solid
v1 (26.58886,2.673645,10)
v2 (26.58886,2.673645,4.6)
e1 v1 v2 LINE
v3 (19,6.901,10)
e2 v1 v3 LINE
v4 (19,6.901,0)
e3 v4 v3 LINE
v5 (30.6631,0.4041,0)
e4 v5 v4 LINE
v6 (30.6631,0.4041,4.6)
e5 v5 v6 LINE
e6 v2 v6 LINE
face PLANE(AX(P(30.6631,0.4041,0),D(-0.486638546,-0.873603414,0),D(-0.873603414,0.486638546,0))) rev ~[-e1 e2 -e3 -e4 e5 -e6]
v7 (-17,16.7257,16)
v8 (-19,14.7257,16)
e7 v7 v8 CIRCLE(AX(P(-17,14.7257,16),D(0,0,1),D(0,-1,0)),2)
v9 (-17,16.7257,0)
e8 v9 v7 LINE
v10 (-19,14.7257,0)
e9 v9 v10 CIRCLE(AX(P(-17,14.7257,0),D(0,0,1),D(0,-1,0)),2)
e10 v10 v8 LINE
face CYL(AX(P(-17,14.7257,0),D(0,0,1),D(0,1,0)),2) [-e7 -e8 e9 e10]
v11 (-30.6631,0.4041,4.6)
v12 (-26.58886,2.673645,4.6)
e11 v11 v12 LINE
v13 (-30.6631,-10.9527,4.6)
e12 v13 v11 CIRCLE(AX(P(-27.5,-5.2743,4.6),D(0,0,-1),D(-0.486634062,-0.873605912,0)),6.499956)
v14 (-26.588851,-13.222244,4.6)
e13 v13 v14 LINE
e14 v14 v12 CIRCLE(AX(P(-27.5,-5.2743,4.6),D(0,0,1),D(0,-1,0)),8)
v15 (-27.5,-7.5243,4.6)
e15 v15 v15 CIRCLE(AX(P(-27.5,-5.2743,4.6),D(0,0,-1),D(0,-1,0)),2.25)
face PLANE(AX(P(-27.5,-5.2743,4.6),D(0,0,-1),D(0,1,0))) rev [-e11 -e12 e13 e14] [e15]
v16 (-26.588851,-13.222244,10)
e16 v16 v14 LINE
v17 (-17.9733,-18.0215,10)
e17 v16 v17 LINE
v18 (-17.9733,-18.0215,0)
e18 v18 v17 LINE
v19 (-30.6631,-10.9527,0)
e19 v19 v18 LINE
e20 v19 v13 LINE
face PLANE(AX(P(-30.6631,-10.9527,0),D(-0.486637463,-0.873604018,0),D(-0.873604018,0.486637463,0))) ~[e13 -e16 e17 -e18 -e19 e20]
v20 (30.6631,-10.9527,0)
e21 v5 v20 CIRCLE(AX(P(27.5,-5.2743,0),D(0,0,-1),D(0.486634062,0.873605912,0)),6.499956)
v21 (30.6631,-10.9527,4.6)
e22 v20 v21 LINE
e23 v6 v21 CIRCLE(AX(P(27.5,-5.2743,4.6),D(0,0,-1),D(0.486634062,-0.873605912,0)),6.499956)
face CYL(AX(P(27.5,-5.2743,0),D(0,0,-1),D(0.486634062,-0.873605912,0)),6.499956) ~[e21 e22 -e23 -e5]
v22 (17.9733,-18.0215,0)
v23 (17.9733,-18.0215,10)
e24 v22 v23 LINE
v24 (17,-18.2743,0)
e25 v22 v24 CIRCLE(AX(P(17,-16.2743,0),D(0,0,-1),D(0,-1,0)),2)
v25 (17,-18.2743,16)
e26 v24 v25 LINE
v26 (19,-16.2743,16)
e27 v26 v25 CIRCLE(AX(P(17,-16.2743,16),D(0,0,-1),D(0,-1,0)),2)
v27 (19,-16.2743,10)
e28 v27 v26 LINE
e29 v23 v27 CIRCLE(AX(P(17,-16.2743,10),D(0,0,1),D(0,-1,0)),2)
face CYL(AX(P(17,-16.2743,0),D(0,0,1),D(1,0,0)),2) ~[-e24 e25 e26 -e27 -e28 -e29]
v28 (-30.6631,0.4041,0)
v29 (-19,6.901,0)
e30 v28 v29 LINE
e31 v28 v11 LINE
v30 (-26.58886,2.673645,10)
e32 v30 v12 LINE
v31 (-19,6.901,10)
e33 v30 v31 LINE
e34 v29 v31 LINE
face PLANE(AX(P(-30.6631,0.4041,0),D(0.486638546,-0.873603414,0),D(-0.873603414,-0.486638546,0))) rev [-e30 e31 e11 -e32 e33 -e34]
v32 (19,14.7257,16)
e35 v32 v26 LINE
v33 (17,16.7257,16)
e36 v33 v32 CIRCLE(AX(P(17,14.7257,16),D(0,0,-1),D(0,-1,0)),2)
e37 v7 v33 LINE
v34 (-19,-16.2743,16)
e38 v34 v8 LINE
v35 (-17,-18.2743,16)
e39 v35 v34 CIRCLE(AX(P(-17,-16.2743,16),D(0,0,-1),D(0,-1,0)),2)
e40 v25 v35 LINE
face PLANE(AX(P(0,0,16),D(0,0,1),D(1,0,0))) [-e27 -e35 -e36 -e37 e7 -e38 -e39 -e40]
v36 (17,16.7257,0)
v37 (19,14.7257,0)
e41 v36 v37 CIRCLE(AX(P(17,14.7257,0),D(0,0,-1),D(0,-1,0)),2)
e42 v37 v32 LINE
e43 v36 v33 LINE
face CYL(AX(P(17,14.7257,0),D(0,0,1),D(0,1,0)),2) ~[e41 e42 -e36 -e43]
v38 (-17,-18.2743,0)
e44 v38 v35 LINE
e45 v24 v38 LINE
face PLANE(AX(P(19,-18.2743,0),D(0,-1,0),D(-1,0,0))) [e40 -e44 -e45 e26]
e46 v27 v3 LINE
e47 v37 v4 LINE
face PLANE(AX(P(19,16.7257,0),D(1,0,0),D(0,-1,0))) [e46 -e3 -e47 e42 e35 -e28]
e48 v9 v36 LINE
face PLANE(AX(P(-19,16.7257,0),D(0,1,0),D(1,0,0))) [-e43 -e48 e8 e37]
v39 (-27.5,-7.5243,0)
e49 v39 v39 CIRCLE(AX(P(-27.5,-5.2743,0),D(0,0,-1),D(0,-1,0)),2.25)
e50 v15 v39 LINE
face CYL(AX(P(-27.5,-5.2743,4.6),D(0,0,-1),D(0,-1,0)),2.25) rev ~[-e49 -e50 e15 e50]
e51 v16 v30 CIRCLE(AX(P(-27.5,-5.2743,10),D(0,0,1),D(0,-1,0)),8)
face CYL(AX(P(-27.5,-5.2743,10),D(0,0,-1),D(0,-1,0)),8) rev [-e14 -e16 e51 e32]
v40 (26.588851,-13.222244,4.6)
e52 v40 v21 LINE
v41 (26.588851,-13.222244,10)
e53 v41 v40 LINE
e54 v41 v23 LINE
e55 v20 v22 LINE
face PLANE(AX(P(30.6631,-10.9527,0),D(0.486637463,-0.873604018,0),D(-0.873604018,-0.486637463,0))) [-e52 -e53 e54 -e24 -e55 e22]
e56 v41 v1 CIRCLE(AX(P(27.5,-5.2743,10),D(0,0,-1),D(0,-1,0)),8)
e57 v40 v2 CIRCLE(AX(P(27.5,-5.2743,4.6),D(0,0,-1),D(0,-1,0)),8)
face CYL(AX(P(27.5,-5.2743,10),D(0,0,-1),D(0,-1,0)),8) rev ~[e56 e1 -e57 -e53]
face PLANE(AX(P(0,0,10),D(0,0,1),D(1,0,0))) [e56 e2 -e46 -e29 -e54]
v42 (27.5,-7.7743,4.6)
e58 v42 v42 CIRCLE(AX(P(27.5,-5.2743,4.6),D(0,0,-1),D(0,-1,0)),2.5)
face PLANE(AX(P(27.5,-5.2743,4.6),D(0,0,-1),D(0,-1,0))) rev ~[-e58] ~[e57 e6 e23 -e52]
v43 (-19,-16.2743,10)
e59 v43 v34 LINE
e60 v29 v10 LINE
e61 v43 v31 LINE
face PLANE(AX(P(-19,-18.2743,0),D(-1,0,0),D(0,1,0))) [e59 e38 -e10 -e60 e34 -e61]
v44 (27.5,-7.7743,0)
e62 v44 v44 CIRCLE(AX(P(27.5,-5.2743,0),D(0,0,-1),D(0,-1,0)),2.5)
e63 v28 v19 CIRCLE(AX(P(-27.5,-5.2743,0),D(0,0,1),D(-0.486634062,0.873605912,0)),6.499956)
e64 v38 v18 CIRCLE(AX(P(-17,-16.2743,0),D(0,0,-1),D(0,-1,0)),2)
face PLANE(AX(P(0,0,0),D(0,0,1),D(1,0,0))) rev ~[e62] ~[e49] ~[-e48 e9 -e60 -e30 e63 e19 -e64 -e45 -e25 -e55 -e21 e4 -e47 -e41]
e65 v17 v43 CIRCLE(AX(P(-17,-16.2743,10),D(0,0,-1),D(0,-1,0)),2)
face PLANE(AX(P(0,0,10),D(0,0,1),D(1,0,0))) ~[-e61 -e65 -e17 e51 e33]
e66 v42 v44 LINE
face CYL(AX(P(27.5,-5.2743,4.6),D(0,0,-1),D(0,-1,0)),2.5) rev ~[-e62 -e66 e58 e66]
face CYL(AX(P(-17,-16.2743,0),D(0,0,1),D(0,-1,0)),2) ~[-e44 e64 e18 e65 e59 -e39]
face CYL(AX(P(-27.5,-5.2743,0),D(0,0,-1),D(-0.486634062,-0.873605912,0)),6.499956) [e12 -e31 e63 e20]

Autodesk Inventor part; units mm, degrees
ref_plane "XZ Plane" through (0, 0, 0) normal (0, 1, 0) x (-1, 0, 0)
sketch "Sketch1" plane through (0, 0, 0) normal (0, 0, 1) x (1, 0, 0)
  line L0 (-19, 16.7257) -> (19, 16.7257)
  line L1 (19, 16.7257) -> (19, -18.2743)
  line L2 (19, -18.2743) -> (-19, -18.2743)
  line L3 (-19, -18.2743) -> (-19, 16.7257)
  line L4 (0, 21.1891) -> (0, -25.1053) construction
  line L5 (31.0331, 0) -> (-23.8841, 0) construction
  point P0 (0, 0)
  dimension "d0" = 38
  dimension "d1" = 35
extrude "Extrusion1" add sketch "Sketch1" along normal blind 16
fillet "Fillet1" radius 2 4 edges at (19, 16.7257, 8) (19, -18.2743, 8) (-19, 16.7257, 8) (-19, -18.2743, 8)
sketch "Sketch2" plane through (0, 0, 0) normal (0, 0, 1) x (1, 0, 0)
  line L0 (-19, 14.7257) -> (-19, -16.2743) projected
  line L1 (17, 16.7257) -> (-17, 16.7257) projected
  line L2 (19, -16.2743) -> (19, 14.7257) projected
  line L3 (-17, -18.2743) -> (17, -18.2743) projected
  arc A0 (30.6631, -10.9527) -> (30.6631, 0.4041) centre (27.5, -5.2743) ccw
  line L4 (30.6631, 0.4041) -> (19, 6.901)
  line L5 (-28.9465, 0) -> (40.6791, 0) projected
  line L6 (0, 23.9357) -> (0, -26.5345) projected
  arc A1 (17, -18.2743) -> (19, -16.2743) centre (17, -16.2743) ccw projected
  line L7 (30.6631, -10.9527) -> (17.9733, -18.0215)
  line L8 (19, 6.901) -> (19, -16.2743)
  arc A2 (17.9733, -18.0215) -> (19, -16.2743) centre (17, -16.2743) ccw
  point P0 (0, 0)
  dimension "d5" = 27.5
  dimension "d6" = 13
  dimension "d7" = 6.5
  dimension "d8" = 29.12
  dimension "d9" = 29.12
extrude "Extrusion2" add sketch "Sketch2" along normal blind 10 contours L2 L5 A0 L7 A1 | L2 L4 A0 L5
sketch "Sketch3" plane through (0, 0, 10) normal (0, 0, 1) x (1, 0, 0)
  arc A0 (30.6631, -10.9527) -> (30.6631, 0.4041) centre (27.5, -5.2743) ccw construction
  point P0 (0, 0)
hole "Hole1" at (27.5, -5.2743, 10) direction (0, 0, -1) diameter 16 depth 5.4
mirror "Mirror1" about plane through (0, 0, 0) normal (1, 0, 0) of "Extrusion2", "Hole1"
sketch "Sketch4" plane through (27.5, -5.2743, 4.6) normal (0, 0, 1) x (1, 0, 0)
  arc A0 (3.1631, -5.6784) -> (3.1631, 5.6784) centre (0, 0) ccw construction
  line L0 (-58.1631, 5.6784) -> (-54.0889, 7.9479) construction
  arc A1 (-58.1631, 5.6784) -> (-58.1631, -5.6784) centre (-55, 0) ccw construction
  line L1 (-54.0889, -7.9479) -> (-58.1631, -5.6784) construction
  arc A2 (-54.0889, -7.9479) -> (-54.0889, 7.9479) centre (-55, 0) ccw construction
  point P0 (-27.5, 5.2743)
hole "Hole2" at (27.5, -5.2743, 4.6) direction (0, 0, -1) diameter 5 end through all
sketch "Sketch5" plane through (-27.5, -5.2743, 4.6) normal (0, 0, 1) x (1, 0, 0)
  arc A0 (-3.1631, 5.6784) -> (-3.1631, -5.6784) centre (0, 0) ccw construction
  point P0 (27.5, 5.2743)
hole "Hole3" at (-27.5, -5.2743, 4.6) direction (0, 0, -1) diameter 4.5 end through all
equation "\"d9\" = d8"
properties part number "TPS"
